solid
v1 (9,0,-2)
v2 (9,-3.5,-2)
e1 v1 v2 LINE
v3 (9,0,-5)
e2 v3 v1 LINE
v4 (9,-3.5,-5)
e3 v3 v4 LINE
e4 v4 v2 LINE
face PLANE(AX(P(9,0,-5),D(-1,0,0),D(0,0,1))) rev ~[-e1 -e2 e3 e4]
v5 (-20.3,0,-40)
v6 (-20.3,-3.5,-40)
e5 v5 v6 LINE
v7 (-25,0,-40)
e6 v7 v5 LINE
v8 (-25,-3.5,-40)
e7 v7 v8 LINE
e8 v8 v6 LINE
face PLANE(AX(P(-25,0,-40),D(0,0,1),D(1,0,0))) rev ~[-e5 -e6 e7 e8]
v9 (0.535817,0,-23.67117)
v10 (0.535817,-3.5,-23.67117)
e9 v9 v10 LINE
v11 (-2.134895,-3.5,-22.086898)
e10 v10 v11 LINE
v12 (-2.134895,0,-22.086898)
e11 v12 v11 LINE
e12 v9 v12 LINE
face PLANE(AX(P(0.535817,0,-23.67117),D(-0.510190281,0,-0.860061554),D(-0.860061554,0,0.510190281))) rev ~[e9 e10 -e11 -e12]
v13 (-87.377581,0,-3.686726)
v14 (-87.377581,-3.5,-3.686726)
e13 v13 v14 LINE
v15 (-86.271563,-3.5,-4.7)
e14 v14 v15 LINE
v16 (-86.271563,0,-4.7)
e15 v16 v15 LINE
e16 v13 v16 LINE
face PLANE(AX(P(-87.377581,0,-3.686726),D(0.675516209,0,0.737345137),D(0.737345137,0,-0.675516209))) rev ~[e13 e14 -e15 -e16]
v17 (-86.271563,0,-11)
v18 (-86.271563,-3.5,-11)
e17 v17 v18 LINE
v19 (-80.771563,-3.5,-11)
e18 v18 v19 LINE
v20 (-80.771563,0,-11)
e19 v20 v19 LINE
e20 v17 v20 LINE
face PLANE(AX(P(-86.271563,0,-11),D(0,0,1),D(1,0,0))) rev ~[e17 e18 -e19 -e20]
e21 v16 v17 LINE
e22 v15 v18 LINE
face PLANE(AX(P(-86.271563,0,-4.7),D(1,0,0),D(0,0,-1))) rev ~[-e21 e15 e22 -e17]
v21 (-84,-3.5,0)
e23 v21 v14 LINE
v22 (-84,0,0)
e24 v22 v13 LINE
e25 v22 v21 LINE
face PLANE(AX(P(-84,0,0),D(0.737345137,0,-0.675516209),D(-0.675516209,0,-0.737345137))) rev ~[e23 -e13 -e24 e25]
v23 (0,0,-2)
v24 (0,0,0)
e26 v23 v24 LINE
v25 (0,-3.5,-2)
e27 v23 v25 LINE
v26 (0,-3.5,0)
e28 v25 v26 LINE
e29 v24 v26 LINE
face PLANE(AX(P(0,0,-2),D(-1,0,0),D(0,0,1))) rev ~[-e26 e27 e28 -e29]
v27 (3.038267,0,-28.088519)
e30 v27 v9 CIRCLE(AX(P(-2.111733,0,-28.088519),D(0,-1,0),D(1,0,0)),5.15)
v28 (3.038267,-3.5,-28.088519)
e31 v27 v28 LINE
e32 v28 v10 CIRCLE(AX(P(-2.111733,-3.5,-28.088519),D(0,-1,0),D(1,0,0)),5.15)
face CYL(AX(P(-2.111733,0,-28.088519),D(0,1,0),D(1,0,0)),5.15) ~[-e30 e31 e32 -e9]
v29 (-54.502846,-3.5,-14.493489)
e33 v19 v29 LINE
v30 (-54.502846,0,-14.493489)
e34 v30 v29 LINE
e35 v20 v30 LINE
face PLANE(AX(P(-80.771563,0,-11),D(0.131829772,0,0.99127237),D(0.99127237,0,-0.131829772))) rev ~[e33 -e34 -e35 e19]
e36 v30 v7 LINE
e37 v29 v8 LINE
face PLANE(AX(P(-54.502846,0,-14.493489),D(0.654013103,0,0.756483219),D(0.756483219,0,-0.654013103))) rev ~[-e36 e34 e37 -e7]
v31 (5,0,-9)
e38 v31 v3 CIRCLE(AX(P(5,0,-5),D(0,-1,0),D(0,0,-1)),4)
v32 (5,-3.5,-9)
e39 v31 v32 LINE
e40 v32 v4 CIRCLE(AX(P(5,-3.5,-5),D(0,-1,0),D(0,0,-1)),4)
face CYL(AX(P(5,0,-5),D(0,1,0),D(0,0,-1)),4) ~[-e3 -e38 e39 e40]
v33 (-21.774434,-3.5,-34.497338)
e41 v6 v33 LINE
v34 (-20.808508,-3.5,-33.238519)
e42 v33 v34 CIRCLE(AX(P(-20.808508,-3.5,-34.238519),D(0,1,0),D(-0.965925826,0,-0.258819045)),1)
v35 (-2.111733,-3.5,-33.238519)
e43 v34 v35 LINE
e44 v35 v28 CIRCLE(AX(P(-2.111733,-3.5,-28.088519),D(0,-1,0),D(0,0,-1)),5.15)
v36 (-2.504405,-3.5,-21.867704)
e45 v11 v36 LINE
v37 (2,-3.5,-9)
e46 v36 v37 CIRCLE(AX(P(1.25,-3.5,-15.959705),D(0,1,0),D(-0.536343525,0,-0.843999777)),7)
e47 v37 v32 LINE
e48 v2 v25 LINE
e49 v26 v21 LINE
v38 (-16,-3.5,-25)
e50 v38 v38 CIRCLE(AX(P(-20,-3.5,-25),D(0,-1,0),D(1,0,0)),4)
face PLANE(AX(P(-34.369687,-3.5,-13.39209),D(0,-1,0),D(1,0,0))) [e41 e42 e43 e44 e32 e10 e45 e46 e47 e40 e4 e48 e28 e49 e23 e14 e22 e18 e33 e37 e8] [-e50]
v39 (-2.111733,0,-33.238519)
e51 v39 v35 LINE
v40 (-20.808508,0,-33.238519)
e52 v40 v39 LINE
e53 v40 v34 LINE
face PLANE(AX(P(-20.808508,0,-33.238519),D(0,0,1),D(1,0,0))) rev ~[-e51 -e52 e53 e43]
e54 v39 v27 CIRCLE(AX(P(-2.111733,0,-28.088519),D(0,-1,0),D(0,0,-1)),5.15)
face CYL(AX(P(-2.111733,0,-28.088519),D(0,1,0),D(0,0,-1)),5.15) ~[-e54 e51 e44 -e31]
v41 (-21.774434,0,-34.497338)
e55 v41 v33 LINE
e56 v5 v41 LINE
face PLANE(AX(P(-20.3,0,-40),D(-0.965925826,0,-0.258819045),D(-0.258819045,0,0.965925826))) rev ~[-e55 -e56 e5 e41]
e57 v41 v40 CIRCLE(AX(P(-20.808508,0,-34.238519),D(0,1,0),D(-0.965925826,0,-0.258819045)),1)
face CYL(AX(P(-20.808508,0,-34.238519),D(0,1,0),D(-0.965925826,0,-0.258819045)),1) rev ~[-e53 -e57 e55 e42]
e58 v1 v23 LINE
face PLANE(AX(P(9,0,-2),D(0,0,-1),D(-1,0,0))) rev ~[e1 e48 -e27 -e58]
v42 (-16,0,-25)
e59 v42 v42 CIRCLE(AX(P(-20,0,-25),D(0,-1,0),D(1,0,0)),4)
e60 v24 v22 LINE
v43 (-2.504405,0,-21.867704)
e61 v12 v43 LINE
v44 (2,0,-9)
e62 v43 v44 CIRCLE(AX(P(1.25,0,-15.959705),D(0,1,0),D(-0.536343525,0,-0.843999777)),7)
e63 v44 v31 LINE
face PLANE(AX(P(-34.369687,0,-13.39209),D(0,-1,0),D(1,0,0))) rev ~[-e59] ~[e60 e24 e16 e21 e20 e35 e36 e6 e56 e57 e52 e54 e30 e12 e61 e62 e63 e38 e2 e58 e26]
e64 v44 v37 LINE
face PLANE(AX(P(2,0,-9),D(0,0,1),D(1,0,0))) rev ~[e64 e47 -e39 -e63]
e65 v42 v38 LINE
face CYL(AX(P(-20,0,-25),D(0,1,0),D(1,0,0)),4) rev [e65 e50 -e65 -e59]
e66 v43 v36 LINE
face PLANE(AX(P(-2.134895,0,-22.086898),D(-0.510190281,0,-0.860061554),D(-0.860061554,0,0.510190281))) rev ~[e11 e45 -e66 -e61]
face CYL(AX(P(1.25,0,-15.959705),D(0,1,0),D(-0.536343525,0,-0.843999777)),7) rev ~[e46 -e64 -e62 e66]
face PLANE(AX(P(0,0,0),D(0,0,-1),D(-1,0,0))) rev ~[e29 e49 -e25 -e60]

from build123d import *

# Parameters (mm, degrees)
F0_R     = 4
F1_DEPTH = 3.5


with BuildPart() as f1:
    # F0 (on Front) → F1 (new body)
    with BuildSketch(Plane.XZ):
        with BuildLine():
            Line((0, -2), (0, 0))
            Line((0, 0), (-84, 0))
            Line((-84, 0), (-87.3775810443, -3.6867256867))
            Line((-87.3775810443, -3.6867256867), (-86.2715633383, -4.7))
            Line((-86.2715633383, -4.7), (-86.2715633383, -11))
            Line((-86.2715633383, -11), (-80.7715633383, -11))
            Line((-80.7715633383, -11), (-54.5028455385, -14.493488966))
            Line((-54.5028455385, -14.493488966), (-25, -40))
            Line((-25, -40), (-20.3, -40))
            Line((-20.3, -40), (-21.7744337692, -34.4973382611))
            ThreePointArc((-21.7744337692, -34.4973382611), (-21.6018612832, -33.629757787), (-20.8085079429, -33.238519216))
            Line((-20.8085079429, -33.238519216), (-2.1117333157, -33.238519216))
            ThreePointArc((-2.1117333157, -33.238519216), (1.5298666074, -31.7301191391), (3.0382666843, -28.088519216))
            ThreePointArc((3.0382666843, -28.088519216), (2.3691920714, -25.5500536017), (0.5358171017, -23.6711696954))
            Line((0.5358171017, -23.6711696954), (-2.1348951645, -22.0868976918))
            ThreePointArc((-2.1348951645, -22.0868976918), (-2.3213319674, -21.9801363334), (-2.5044046725, -21.8677038925))
            ThreePointArc((-2.5044046725, -21.8677038925), (-5.3568950896, -13.6469284918), (2, -9))
            Line((2, -9), (5, -9))
            ThreePointArc((5, -9), (7.8284271247, -7.8284271247), (9, -5))
            Line((9, -5), (9, -2))
            Line((9, -2), (0, -2))
        make_face()
        with Locations((-20, -25)):
            Circle(F0_R, mode=Mode.SUBTRACT)
        with BuildLine():
            Line((-2.1348951645, -22.0868976918), (-2.5044046725, -21.8677038925))
            ThreePointArc((-2.5044046725, -21.8677038925), (-2.3213319674, -21.9801363334), (-2.1348951645, -22.0868976918))
        make_face()
    extrude(amount=F1_DEPTH)


solid = f1.part
